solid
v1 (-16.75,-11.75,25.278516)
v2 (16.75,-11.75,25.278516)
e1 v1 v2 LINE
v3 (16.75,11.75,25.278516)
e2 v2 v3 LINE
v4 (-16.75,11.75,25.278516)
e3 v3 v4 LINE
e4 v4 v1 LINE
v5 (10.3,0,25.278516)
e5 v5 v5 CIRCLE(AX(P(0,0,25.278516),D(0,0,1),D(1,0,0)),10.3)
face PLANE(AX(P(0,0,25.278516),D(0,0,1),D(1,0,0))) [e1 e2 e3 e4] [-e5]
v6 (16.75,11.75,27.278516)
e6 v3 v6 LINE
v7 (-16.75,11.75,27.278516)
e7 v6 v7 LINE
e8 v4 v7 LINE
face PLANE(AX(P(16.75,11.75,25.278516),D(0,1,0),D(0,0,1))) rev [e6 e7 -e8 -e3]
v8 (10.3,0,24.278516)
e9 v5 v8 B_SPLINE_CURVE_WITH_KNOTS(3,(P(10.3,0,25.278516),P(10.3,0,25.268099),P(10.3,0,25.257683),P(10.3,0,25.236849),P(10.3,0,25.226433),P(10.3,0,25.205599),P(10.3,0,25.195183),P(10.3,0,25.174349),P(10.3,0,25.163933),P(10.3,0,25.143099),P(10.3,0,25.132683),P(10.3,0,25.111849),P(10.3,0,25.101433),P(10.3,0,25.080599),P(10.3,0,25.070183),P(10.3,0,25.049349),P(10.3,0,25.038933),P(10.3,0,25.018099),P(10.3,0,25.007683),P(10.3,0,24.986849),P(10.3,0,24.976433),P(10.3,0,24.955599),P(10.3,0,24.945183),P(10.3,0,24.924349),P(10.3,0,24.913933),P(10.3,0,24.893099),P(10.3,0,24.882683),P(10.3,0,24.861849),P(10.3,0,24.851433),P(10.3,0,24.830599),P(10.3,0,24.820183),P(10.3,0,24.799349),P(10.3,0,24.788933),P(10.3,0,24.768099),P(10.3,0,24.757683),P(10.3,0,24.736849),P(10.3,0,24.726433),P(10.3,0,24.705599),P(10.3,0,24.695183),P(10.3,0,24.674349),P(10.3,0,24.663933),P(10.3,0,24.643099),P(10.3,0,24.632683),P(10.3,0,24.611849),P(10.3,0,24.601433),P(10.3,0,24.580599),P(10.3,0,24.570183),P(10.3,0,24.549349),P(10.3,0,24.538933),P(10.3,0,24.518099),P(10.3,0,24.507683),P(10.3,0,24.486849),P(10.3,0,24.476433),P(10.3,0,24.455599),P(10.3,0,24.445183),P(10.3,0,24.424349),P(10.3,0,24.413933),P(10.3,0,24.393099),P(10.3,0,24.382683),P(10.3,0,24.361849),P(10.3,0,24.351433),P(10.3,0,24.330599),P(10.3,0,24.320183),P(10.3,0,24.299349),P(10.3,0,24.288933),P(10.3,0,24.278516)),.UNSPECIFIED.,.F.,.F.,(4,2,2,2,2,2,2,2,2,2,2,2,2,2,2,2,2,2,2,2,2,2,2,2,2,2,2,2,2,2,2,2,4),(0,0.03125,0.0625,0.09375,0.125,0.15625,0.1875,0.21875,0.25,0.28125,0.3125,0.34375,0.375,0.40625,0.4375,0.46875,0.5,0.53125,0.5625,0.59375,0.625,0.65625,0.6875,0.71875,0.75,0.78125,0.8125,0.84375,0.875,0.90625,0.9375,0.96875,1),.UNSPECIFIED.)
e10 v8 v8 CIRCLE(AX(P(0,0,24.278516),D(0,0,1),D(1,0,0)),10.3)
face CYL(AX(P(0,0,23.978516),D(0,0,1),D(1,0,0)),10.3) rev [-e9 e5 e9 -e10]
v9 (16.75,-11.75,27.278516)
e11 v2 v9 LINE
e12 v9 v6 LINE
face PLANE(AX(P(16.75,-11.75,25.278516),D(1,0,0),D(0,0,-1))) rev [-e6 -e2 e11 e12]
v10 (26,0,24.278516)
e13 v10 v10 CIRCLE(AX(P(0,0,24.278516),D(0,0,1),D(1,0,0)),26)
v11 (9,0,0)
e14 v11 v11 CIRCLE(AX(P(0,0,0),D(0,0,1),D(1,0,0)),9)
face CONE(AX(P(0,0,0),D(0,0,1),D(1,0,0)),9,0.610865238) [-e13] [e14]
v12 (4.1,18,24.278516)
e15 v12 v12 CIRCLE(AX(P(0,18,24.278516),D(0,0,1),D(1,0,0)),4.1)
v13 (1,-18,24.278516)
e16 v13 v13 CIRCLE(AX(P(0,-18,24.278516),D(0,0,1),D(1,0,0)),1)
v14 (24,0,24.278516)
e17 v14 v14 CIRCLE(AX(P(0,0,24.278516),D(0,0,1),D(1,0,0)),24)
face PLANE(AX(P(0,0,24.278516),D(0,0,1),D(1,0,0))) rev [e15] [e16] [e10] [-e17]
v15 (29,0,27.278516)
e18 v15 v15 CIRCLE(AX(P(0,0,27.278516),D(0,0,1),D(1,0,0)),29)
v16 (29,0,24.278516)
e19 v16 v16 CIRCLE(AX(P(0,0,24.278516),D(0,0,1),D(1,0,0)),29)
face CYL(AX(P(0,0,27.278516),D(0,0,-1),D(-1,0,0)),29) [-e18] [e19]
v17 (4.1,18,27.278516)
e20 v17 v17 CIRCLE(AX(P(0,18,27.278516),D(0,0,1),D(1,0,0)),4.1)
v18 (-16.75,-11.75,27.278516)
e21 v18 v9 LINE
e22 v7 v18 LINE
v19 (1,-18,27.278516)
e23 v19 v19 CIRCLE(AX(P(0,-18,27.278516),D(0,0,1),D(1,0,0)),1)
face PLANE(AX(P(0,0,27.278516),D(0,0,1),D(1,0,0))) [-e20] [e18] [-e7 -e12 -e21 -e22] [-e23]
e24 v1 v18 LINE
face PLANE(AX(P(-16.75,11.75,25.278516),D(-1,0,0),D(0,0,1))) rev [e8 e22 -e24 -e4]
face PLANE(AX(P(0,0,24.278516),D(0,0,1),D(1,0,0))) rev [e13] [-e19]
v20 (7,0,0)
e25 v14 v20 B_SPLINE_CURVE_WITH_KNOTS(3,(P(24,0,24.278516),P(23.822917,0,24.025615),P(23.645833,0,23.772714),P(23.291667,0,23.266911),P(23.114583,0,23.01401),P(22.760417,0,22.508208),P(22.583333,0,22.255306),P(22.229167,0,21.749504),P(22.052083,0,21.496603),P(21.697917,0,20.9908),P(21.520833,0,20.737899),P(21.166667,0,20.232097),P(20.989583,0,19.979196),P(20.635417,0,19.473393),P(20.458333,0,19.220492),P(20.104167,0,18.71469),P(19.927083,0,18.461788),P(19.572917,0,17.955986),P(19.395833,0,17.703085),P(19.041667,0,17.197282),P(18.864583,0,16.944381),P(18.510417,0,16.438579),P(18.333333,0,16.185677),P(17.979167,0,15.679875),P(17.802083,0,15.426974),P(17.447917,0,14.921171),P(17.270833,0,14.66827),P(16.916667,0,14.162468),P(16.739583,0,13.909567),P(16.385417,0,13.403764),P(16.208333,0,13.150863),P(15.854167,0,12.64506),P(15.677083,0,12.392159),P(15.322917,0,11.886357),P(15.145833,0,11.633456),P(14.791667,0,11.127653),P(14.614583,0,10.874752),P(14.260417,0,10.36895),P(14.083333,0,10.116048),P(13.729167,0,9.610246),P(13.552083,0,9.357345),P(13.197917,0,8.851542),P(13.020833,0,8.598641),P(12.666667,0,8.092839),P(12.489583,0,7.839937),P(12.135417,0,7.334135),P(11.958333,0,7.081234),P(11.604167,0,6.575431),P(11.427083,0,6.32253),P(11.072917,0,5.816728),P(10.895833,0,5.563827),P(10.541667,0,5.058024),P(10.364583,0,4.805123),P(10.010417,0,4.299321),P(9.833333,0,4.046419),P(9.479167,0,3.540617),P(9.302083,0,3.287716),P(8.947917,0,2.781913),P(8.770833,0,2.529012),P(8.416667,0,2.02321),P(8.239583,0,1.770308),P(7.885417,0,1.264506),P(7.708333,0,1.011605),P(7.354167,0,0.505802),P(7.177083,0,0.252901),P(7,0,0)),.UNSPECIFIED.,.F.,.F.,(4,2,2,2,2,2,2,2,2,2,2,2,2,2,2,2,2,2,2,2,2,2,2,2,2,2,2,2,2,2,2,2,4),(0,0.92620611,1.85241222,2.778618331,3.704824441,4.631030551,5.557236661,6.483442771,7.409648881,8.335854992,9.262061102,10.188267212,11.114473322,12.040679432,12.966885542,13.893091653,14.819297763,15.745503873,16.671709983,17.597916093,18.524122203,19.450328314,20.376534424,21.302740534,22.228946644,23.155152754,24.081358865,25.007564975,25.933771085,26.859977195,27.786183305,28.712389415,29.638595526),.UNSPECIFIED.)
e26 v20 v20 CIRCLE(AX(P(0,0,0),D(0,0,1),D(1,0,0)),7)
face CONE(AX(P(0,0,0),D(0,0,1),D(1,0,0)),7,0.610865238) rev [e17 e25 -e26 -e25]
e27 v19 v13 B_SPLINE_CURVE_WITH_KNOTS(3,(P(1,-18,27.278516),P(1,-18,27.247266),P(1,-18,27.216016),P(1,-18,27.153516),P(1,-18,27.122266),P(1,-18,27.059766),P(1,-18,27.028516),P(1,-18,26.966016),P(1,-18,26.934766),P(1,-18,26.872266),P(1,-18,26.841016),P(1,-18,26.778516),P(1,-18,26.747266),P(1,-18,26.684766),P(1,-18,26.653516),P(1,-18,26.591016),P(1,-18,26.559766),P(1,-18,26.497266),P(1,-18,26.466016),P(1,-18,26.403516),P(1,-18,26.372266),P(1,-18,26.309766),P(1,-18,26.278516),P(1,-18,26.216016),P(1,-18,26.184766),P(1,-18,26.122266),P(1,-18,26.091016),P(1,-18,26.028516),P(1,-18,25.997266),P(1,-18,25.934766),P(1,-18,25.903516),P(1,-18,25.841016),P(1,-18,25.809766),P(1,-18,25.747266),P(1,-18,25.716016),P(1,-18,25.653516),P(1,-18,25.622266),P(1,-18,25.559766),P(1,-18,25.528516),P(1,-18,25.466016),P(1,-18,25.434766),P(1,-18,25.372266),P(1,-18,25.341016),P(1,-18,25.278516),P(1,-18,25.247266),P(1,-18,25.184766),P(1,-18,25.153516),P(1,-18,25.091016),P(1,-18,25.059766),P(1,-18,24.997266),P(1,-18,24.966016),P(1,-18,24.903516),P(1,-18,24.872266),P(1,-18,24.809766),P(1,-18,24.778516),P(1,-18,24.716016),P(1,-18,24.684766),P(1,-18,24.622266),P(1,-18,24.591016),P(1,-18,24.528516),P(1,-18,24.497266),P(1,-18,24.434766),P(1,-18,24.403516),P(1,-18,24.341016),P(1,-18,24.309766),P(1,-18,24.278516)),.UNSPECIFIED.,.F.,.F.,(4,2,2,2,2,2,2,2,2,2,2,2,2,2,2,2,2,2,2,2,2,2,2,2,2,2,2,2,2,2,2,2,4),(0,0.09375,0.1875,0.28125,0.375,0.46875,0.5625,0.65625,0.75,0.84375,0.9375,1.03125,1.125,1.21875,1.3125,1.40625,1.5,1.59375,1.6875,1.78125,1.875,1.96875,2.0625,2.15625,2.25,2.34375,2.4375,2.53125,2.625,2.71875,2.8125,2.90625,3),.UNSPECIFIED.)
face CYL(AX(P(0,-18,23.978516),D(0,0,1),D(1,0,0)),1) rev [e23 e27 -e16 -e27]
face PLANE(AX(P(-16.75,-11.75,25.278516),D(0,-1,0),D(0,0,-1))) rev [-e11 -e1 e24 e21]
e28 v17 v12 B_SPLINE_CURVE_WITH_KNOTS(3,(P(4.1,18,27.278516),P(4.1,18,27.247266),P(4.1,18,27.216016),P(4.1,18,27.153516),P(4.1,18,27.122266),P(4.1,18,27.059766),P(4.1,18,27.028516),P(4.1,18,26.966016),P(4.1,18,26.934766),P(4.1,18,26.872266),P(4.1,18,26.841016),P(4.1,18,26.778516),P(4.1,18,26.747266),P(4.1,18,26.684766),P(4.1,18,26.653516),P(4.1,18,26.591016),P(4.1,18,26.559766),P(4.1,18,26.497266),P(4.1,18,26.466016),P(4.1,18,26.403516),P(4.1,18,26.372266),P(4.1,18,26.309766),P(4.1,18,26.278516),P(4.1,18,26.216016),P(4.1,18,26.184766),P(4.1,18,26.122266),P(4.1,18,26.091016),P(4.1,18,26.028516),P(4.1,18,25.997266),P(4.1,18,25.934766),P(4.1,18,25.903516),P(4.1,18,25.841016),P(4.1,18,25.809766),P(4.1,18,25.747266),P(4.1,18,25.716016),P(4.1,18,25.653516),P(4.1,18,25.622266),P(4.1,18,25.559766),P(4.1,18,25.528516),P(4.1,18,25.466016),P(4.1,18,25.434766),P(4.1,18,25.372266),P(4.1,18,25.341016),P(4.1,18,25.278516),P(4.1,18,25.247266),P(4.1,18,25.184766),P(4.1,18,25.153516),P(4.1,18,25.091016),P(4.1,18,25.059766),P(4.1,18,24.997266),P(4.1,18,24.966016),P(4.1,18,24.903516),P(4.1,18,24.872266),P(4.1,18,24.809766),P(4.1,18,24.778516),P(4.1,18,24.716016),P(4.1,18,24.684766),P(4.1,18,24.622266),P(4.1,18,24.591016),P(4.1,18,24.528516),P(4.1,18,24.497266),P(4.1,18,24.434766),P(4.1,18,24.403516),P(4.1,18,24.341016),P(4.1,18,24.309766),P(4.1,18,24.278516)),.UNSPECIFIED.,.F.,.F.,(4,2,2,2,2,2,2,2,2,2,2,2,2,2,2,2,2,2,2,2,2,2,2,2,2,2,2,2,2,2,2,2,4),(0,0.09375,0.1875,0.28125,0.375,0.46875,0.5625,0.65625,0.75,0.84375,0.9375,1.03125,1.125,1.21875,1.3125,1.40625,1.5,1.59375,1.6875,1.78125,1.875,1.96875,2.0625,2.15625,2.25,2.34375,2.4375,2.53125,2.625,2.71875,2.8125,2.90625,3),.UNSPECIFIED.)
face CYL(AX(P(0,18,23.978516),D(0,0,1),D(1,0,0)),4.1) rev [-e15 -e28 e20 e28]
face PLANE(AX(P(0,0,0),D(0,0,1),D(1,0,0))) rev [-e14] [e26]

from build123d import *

# Parameters (mm, degrees)
SKETCH1_R                 = 9
SEAL_CONE_DEPTH           = 24.278516115
SEAL_CONE_DRAFT           = -35
SKETCH2_R                 = 7
CONE_HOLLOW_DEPTH         = 24.278516115
CONE_HOLLOW_DRAFT         = -35
SKETCH3_R                 = 29
TOP_PLATE_DEPTH           = 3
SKETCH4_W                 = 33.5
SKETCH4_H                 = 23.5
MQ3_PCB_POCKET_DEPTH      = 1.25
SKETCH5_R                 = 10.3
SKETCH5_R_2               = 4.1
SKETCH5_R_3               = 1
CAN_HOSE_VENT_HOLES_DEPTH = 1.9


with BuildPart() as part:
    # Sketch1 → Seal_cone (with draft: the straight prism first)
    with BuildSketch(Plane.XY):
        Circle(SKETCH1_R)
    extrude(amount=SEAL_CONE_DEPTH)
    # Seal_cone: the draft: its side faces are tilted about the plane it starts from
    seal_cone_sides = [part.faces().sort_by_distance(p)[0] for p in [
        (-9, 0, 12.139258057),
    ]]
    draft(seal_cone_sides, Plane.XY, SEAL_CONE_DRAFT)


with BuildPart() as cone_hollow_tool:
    # Sketch2 → Cone_hollow (with draft: the straight prism first)
    with BuildSketch(Plane.XY):
        Circle(SKETCH2_R)
    extrude(amount=CONE_HOLLOW_DEPTH)
    # Cone_hollow: the draft: its side faces are tilted about the plane it starts from
    cone_hollow_sides = [cone_hollow_tool.faces().sort_by_distance(p)[0] for p in [
        (-7, 0, 12.139258057),
    ]]
    draft(cone_hollow_sides, Plane.XY, CONE_HOLLOW_DRAFT)


with BuildPart() as part_1:
    add(part.part)

    # Cone_hollow: cut by cone_hollow_tool
    add(cone_hollow_tool.part, mode=Mode.SUBTRACT)

    # Sketch3 → Top_plate (add)
    with BuildSketch(Plane.XY.offset(24.278516115)):
        Circle(SKETCH3_R)
    extrude(amount=TOP_PLATE_DEPTH)

    # Sketch4 → MQ3_pcb_pocket (cut, symmetric)
    with BuildSketch(Plane.XY.offset(26.528516115)):
        Rectangle(SKETCH4_W, SKETCH4_H)
    extrude(amount=MQ3_PCB_POCKET_DEPTH, both=True, mode=Mode.SUBTRACT)

    # Sketch5 → Can_hose_vent_holes (cut, symmetric)
    with BuildSketch(Plane.XY.offset(25.878516115)):
        Circle(SKETCH5_R)
        with Locations((0, 18)):
            Circle(SKETCH5_R_2)
        with Locations((0, -18)):
            Circle(SKETCH5_R_3)
    extrude(amount=CAN_HOSE_VENT_HOLES_DEPTH, both=True, mode=Mode.SUBTRACT)


solid = part_1.part
